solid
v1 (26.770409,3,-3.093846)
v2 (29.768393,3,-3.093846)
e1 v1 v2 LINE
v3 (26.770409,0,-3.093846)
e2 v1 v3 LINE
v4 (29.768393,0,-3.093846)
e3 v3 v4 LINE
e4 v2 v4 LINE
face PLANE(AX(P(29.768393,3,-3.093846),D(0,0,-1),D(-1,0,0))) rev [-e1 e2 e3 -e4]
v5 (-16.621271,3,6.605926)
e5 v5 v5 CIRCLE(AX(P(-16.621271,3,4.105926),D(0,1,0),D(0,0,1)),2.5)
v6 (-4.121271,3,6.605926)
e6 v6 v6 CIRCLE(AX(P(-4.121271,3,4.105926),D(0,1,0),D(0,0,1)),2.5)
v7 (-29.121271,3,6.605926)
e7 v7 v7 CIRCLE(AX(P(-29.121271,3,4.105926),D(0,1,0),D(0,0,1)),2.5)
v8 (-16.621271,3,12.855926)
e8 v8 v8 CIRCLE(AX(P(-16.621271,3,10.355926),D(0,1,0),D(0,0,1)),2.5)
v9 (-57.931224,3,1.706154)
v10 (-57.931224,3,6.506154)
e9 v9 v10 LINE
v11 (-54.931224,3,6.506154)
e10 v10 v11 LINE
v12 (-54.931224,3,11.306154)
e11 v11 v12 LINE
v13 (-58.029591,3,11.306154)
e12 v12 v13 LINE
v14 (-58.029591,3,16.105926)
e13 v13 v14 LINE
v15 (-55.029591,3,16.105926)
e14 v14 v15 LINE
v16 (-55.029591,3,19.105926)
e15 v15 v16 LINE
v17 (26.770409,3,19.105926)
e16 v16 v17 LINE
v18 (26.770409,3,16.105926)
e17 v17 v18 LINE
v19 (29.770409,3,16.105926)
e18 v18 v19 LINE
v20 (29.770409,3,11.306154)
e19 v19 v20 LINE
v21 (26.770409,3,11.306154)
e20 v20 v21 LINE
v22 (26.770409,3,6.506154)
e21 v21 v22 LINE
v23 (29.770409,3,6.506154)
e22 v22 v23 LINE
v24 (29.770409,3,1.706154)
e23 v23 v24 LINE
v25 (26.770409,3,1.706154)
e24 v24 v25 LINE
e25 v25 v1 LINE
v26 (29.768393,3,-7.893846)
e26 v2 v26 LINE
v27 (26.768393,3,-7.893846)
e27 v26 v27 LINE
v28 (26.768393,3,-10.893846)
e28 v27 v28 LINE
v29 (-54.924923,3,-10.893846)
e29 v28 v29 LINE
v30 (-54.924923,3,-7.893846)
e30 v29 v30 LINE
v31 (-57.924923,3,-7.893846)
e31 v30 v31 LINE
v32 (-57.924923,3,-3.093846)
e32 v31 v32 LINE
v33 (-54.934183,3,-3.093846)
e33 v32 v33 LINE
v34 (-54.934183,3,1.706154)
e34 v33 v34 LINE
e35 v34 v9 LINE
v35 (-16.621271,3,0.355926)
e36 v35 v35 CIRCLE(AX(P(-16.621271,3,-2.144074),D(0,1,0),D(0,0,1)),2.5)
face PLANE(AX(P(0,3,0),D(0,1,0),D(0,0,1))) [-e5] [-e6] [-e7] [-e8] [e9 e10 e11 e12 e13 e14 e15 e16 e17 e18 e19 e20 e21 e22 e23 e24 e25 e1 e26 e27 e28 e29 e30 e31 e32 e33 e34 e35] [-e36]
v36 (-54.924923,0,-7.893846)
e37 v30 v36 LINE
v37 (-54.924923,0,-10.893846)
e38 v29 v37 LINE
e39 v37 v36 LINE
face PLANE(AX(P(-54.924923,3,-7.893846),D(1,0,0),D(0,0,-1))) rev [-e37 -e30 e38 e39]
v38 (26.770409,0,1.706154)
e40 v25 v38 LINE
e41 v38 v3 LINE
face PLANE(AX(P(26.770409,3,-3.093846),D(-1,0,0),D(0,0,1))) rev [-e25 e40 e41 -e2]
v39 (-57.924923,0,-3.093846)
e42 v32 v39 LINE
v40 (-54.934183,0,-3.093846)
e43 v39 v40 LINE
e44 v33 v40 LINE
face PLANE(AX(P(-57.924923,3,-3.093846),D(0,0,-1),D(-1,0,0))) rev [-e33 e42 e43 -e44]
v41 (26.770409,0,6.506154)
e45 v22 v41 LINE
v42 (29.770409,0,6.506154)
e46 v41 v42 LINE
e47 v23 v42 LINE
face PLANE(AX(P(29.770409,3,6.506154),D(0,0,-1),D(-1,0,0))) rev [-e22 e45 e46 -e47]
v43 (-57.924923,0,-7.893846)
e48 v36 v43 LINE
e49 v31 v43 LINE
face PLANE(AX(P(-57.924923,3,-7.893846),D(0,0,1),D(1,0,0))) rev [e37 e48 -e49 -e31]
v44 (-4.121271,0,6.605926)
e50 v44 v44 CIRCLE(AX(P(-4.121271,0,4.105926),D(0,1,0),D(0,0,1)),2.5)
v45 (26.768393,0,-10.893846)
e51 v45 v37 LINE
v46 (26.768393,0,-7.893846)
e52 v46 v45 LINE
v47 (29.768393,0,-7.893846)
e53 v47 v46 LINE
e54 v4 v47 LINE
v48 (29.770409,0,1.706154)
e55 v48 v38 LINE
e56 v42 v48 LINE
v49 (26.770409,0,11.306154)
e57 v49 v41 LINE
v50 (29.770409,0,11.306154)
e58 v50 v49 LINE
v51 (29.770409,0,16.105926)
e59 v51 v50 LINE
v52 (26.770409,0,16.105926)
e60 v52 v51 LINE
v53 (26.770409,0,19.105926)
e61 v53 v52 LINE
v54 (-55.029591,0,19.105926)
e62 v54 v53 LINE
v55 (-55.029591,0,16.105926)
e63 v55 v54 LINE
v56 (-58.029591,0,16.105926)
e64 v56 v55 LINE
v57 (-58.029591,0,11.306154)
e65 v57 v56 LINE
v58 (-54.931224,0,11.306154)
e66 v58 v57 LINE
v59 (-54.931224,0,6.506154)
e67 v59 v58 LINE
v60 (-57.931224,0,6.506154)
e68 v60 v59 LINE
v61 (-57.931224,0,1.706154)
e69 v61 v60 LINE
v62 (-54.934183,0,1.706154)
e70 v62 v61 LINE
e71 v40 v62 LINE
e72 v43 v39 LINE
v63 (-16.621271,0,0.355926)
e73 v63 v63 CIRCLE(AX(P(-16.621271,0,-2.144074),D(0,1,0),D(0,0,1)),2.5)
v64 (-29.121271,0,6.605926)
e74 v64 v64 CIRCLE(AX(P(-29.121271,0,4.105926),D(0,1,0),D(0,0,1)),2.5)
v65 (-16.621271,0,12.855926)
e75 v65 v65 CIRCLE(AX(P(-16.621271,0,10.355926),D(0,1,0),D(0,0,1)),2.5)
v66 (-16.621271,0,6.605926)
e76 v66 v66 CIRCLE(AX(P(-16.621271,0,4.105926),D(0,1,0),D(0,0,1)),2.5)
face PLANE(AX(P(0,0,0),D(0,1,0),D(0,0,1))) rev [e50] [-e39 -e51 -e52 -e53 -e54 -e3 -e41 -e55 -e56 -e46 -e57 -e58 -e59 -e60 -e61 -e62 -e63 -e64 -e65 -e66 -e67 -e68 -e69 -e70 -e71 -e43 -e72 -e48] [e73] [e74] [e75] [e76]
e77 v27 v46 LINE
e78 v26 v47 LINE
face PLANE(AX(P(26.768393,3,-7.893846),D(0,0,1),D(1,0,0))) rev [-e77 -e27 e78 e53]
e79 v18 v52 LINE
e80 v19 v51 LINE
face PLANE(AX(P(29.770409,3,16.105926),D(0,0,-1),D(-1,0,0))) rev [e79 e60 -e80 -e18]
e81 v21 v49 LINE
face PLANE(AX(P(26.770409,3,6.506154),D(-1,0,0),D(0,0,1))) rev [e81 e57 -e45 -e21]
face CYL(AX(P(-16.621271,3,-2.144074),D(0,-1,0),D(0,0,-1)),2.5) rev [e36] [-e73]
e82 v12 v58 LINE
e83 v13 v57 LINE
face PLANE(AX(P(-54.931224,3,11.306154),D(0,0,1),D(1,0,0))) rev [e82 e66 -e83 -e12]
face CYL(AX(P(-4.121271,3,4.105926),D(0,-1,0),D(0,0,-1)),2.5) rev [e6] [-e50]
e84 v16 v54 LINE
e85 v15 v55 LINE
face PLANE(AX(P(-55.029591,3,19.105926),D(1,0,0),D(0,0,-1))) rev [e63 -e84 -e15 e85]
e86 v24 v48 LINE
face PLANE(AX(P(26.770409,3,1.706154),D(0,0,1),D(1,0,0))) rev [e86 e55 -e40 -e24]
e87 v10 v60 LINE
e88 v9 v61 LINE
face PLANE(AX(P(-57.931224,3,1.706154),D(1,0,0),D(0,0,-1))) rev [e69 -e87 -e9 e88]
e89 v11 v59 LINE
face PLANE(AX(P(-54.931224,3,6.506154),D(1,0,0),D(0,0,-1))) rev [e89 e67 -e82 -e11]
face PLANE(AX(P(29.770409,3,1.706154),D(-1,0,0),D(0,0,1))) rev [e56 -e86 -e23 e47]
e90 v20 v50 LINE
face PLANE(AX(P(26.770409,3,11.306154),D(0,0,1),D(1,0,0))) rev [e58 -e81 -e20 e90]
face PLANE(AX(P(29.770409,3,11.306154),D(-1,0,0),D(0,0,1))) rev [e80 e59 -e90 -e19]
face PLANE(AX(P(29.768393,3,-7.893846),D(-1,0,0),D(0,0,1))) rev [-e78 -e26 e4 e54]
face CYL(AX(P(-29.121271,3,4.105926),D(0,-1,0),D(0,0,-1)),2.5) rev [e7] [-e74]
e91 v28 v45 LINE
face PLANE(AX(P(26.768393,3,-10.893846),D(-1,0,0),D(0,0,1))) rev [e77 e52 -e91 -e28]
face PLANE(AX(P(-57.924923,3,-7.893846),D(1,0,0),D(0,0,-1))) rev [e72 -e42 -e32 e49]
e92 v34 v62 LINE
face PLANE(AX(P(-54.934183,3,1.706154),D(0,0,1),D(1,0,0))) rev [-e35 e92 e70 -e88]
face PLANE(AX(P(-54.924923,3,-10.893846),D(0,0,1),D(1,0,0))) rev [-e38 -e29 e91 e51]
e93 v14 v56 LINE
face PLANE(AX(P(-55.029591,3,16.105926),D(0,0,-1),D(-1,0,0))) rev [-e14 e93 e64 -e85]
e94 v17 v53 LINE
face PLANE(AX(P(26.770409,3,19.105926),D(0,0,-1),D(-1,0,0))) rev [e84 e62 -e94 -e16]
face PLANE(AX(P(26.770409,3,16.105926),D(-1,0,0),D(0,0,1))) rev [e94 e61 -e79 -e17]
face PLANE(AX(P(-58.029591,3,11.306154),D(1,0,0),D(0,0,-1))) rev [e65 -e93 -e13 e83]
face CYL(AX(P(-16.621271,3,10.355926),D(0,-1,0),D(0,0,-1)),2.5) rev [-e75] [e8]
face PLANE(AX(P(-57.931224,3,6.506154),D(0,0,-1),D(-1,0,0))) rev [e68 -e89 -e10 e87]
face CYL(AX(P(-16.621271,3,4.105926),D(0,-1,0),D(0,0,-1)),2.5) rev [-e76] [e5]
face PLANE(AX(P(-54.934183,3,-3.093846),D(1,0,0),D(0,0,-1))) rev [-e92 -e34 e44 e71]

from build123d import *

# Parameters (mm, degrees)
ESBO_O1_R                = 2.5
ESBO_O1_R_2              = 2.499999997
ESBO_O1_R_3              = 2.500000003
RESSALTO_EXTRUS_O1_DEPTH = 3


with BuildPart() as part:
    # Esboço1 → Ressalto-extrusão1 (new body)
    with BuildSketch(Plane(origin=(0, 0, 0), x_dir=(1, 0, 0), z_dir=(0, 1, 0))):
        Polygon((-57.924923454, 7.893845864), (-54.924923454, 7.893845864), (-54.924923454, 10.893845864), (26.768392501, 10.893845864), (26.768392501, 7.893845864), (29.768392501, 7.893845864), (29.768392501, 3.093845864), (26.770408679, 3.093845864), (26.770408679, -1.706154136), (29.770408679, -1.706154136), (29.770408679, -6.506154136), (26.770408679, -6.506154136), (26.770408679, -11.306154136), (29.770408679, -11.306154136), (29.770408679, -16.105925898), (26.770408679, -16.105925898), (26.770408679, -19.105925898), (-55.029591321, -19.105925898), (-55.029591321, -16.105925898), (-58.029591321, -16.105925898), (-58.029591321, -11.306154136), (-54.931224008, -11.306154136), (-54.931224008, -6.506154136), (-57.931224008, -6.506154136), (-57.931224008, -1.706154136), (-54.934182698, -1.706154136), (-54.934182698, 3.093845864), (-57.924923454, 3.093845864), align=None)
        with Locations(Location((-16.621271344, -4.105925898, 0), (0, 0, 270))):
            Circle(ESBO_O1_R, mode=Mode.SUBTRACT)
        with Locations(Location((-16.621271344, 2.144074102, 0), (0, 0, 270))):
            Circle(ESBO_O1_R, mode=Mode.SUBTRACT)
        with Locations(Location((-4.121271344, -4.105925898, 0), (0, 0, 270))):
            Circle(ESBO_O1_R_2, mode=Mode.SUBTRACT)
        with Locations(Location((-16.621271344, -10.355925898, 0), (0, 0, 270))):
            Circle(ESBO_O1_R, mode=Mode.SUBTRACT)
        with Locations(Location((-29.121271344, -4.105925898, 0), (0, 0, 270))):
            Circle(ESBO_O1_R_3, mode=Mode.SUBTRACT)
    extrude(amount=RESSALTO_EXTRUS_O1_DEPTH)


solid = part.part
